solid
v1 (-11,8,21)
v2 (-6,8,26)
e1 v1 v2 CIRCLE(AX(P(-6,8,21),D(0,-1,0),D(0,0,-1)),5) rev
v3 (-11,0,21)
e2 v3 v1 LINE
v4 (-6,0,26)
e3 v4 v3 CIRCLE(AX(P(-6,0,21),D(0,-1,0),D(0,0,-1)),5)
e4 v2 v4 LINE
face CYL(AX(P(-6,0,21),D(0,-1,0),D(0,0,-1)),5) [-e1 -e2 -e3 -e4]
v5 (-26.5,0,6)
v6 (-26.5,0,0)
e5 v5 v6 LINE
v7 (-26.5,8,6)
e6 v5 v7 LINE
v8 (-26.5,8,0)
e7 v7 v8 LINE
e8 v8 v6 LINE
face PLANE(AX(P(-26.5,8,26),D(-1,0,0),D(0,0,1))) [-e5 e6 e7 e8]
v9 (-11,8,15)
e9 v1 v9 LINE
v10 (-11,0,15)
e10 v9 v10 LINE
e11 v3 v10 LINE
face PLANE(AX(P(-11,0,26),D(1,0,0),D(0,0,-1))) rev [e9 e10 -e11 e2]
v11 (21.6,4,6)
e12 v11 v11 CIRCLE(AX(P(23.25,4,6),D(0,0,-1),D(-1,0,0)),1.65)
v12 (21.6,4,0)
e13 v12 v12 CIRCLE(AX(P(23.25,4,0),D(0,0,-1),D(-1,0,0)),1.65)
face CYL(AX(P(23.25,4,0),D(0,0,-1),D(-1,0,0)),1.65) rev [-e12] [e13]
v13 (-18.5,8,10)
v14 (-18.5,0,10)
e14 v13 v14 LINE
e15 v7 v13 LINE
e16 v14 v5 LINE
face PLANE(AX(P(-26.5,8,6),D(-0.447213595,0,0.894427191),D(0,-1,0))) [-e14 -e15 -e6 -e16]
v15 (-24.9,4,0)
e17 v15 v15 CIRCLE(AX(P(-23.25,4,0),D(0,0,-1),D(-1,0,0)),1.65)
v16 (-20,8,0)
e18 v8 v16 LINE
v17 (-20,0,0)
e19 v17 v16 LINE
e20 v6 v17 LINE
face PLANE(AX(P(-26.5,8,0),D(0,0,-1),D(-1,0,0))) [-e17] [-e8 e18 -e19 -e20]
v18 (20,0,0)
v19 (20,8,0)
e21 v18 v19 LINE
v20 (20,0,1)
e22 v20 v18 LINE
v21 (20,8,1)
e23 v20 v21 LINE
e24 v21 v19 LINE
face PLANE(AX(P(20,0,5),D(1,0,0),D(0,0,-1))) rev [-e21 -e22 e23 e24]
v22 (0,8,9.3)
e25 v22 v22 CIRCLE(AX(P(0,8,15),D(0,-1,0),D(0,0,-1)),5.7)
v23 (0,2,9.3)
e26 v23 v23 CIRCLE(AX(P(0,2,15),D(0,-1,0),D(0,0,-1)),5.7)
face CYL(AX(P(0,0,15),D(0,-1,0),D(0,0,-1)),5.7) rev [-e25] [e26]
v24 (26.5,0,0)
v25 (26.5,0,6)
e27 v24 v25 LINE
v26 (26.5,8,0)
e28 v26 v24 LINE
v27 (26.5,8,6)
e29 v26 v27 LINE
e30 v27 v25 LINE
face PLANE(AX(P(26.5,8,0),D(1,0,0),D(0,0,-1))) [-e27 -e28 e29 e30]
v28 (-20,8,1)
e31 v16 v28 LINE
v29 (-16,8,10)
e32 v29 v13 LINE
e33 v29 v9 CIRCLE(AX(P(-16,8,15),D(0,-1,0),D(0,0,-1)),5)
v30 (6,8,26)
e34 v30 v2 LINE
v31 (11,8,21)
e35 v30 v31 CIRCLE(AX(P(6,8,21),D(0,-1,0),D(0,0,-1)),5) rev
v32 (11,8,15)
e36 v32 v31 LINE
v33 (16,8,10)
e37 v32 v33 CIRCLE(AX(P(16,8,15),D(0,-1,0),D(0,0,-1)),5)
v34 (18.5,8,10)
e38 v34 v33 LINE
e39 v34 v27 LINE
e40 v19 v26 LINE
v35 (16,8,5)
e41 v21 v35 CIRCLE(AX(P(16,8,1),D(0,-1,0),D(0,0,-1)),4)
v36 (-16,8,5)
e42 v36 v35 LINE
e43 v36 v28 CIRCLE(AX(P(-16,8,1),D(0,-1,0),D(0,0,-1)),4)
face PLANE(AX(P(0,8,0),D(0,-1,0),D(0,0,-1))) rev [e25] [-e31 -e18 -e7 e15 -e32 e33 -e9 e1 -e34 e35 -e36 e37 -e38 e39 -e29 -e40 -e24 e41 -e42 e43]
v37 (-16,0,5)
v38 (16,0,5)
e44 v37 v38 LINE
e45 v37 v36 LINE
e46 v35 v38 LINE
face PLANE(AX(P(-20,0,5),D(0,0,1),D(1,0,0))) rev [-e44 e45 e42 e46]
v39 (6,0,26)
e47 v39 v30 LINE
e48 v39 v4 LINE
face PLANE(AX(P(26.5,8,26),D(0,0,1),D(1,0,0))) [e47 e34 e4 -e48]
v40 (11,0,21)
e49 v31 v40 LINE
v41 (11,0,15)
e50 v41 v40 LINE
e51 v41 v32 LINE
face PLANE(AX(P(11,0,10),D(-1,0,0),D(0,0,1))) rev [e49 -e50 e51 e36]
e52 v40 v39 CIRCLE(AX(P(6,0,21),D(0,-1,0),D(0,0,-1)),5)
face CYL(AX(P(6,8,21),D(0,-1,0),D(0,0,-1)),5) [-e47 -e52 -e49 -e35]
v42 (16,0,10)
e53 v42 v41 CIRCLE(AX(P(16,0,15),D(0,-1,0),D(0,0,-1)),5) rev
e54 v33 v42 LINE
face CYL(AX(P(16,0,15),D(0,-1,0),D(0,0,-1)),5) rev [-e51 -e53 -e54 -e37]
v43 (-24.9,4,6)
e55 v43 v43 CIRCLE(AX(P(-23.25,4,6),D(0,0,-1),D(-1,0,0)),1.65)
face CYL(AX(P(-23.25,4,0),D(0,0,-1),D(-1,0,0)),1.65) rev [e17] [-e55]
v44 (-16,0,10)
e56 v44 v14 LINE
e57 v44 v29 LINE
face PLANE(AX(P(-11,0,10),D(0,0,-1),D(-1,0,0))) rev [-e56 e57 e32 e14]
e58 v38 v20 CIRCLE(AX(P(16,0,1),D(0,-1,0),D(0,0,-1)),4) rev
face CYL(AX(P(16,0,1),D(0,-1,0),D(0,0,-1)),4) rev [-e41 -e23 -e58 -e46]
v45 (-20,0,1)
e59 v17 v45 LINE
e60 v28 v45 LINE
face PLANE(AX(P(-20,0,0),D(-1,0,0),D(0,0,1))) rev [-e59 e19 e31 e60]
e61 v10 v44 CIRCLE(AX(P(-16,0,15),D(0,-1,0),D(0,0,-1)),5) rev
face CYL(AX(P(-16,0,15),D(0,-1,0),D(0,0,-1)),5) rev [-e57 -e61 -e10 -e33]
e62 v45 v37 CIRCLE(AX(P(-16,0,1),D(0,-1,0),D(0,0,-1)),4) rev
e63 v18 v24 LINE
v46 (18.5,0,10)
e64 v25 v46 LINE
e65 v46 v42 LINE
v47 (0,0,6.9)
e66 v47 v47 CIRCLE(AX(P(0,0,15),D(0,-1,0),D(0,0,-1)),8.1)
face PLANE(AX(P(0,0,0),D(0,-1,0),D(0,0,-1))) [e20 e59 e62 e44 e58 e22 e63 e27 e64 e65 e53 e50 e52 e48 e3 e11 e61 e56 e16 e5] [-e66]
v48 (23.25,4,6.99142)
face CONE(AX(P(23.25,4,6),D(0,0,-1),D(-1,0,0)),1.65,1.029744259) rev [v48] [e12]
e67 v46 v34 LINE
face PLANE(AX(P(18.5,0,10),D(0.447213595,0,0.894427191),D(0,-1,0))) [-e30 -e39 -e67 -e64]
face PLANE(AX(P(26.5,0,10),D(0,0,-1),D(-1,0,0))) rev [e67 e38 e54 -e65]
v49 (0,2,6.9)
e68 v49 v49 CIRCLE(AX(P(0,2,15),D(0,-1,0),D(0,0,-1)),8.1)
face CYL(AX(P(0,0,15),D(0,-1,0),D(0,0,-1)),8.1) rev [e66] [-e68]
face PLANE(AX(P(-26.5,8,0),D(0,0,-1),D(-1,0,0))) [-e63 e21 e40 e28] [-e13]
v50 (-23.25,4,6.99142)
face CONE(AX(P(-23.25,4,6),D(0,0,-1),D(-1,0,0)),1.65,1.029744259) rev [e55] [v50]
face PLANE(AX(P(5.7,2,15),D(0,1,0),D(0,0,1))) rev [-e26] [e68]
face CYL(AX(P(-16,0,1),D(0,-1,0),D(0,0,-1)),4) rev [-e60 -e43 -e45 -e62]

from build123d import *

# Parameters (mm, degrees)
SKETCH1_W                                = 53
SKETCH1_H                                = 26
BOSS_EXTRUDE1_DEPTH                      = 8
SKETCH2_W                                = 15.5
SKETCH2_H                                = 16
CUT_EXTRUDE1_DEPTH                       = 9
SKETCH3_W                                = 15.5
SKETCH3_H                                = 16
CUT_EXTRUDE2_DEPTH                       = 9
SKETCH4_W                                = 40.000000023
SKETCH4_H                                = 5
CUT_EXTRUDE3_DEPTH                       = 9
CBORE_FOR_M10_HEX_HEAD_BOLT1_D           = 11.4
CBORE_FOR_M10_HEX_HEAD_BOLT1_CBORE_D     = 16.2
CBORE_FOR_M10_HEX_HEAD_BOLT1_CBORE_DEPTH = 2
F_3_3_3_3_DIAMETER_HOLE1_D               = 3.3
F_3_3_3_3_DIAMETER_HOLE1_DEPTH           = 6
F_3_3_3_3_DIAMETER_HOLE1_TIP             = 0.991420021
FILLET1_R                                = 4
FILLET2_R                                = 5
CHAMFER1_SIZE                            = 8
CHAMFER1_SIZE2                           = 4
CHAMFER2_SIZE                            = 4
CHAMFER2_SIZE2                           = 8


with BuildPart() as part:
    # Sketch1 → Boss-Extrude1 (new body)
    with BuildSketch(Plane.XZ):
        with Locations((0, 13)):
            Rectangle(SKETCH1_W, SKETCH1_H)
    extrude(amount=-BOSS_EXTRUDE1_DEPTH)

    # Sketch2 → Cut-Extrude1 (cut, through all)
    with BuildSketch(Plane(origin=(0, 8, 0), x_dir=(-1, 0, 0), z_dir=(0, 1, 0))):
        with Locations((-18.75, 18)):
            Rectangle(SKETCH2_W, SKETCH2_H)
    extrude(amount=-CUT_EXTRUDE1_DEPTH, mode=Mode.SUBTRACT)

    # Sketch3 → Cut-Extrude2 (cut, through all)
    with BuildSketch(Plane(origin=(0, 8, 0), x_dir=(-1, 0, 0), z_dir=(0, 1, 0))):
        with Locations((18.75, 18)):
            Rectangle(SKETCH3_W, SKETCH3_H)
    extrude(amount=-CUT_EXTRUDE2_DEPTH, mode=Mode.SUBTRACT)

    # Sketch4 → Cut-Extrude3 (cut, through all)
    with BuildSketch(Plane(origin=(0, 8, 0), x_dir=(-1, 0, 0), z_dir=(0, 1, 0))):
        with Locations((1.2e-08, 2.5)):
            Rectangle(SKETCH4_W, SKETCH4_H)
    extrude(amount=-CUT_EXTRUDE3_DEPTH, mode=Mode.SUBTRACT)

    # CBORE for M10 Hex Head Bolt1 (through all)
    with Locations(Plane(origin=(0, 0, 0), x_dir=(-1, 0, 0), z_dir=(0, -1, 0))):
        with Locations((0, -15)):
            CounterBoreHole(CBORE_FOR_M10_HEX_HEAD_BOLT1_D / 2, CBORE_FOR_M10_HEX_HEAD_BOLT1_CBORE_D / 2, CBORE_FOR_M10_HEX_HEAD_BOLT1_CBORE_DEPTH)

    # Ø3.3 (3.3) Diameter Hole1
    with Locations(Plane(origin=(0, 0, 0), x_dir=(-1, 0, 0), z_dir=(0, 0, -1))):
        with Locations((-23.25, 4), (23.25, 4)):
            Hole(F_3_3_3_3_DIAMETER_HOLE1_D / 2, depth=F_3_3_3_3_DIAMETER_HOLE1_DEPTH)
            with Locations((0, 0, -(F_3_3_3_3_DIAMETER_HOLE1_DEPTH + F_3_3_3_3_DIAMETER_HOLE1_TIP / 2))):  # 118° drill point
                Cone(0, F_3_3_3_3_DIAMETER_HOLE1_D / 2, F_3_3_3_3_DIAMETER_HOLE1_TIP, mode=Mode.SUBTRACT)

    # Fillet1
    fillet1_edges = [part.edges().sort_by_distance(p)[0] for p in [
        (20, 4, 5),
        (-20.000000023, 4, 5),
    ]]
    fillet(fillet1_edges, radius=FILLET1_R)

    # Fillet2
    fillet2_edges = [part.edges().sort_by_distance(p)[0] for p in [
        (11, 4, 10),
        (11, 4, 26),
        (-11, 4, 26),
        (-11, 4, 10),
    ]]
    fillet(fillet2_edges, radius=FILLET2_R)

    # Chamfer1
    chamfer1_edges = [part.edges().sort_by_distance(p)[0] for p in [
        (-26.5, 4, 10),
    ]]
    chamfer1_side = [part.faces().sort_by_distance(p)[0] for p in [
        (-21.25, 4, 10),
    ]]
    chamfer(chamfer1_edges, length=CHAMFER1_SIZE, length2=CHAMFER1_SIZE2, reference=chamfer1_side[0])

    # Chamfer2
    chamfer2_edges = [part.edges().sort_by_distance(p)[0] for p in [
        (26.5, 4, 10),
    ]]
    chamfer2_side = [part.faces().sort_by_distance(p)[0] for p in [
        (26.5, 4, 5),
    ]]
    chamfer(chamfer2_edges, length=CHAMFER2_SIZE, length2=CHAMFER2_SIZE2, reference=chamfer2_side[0])


solid = part.part
